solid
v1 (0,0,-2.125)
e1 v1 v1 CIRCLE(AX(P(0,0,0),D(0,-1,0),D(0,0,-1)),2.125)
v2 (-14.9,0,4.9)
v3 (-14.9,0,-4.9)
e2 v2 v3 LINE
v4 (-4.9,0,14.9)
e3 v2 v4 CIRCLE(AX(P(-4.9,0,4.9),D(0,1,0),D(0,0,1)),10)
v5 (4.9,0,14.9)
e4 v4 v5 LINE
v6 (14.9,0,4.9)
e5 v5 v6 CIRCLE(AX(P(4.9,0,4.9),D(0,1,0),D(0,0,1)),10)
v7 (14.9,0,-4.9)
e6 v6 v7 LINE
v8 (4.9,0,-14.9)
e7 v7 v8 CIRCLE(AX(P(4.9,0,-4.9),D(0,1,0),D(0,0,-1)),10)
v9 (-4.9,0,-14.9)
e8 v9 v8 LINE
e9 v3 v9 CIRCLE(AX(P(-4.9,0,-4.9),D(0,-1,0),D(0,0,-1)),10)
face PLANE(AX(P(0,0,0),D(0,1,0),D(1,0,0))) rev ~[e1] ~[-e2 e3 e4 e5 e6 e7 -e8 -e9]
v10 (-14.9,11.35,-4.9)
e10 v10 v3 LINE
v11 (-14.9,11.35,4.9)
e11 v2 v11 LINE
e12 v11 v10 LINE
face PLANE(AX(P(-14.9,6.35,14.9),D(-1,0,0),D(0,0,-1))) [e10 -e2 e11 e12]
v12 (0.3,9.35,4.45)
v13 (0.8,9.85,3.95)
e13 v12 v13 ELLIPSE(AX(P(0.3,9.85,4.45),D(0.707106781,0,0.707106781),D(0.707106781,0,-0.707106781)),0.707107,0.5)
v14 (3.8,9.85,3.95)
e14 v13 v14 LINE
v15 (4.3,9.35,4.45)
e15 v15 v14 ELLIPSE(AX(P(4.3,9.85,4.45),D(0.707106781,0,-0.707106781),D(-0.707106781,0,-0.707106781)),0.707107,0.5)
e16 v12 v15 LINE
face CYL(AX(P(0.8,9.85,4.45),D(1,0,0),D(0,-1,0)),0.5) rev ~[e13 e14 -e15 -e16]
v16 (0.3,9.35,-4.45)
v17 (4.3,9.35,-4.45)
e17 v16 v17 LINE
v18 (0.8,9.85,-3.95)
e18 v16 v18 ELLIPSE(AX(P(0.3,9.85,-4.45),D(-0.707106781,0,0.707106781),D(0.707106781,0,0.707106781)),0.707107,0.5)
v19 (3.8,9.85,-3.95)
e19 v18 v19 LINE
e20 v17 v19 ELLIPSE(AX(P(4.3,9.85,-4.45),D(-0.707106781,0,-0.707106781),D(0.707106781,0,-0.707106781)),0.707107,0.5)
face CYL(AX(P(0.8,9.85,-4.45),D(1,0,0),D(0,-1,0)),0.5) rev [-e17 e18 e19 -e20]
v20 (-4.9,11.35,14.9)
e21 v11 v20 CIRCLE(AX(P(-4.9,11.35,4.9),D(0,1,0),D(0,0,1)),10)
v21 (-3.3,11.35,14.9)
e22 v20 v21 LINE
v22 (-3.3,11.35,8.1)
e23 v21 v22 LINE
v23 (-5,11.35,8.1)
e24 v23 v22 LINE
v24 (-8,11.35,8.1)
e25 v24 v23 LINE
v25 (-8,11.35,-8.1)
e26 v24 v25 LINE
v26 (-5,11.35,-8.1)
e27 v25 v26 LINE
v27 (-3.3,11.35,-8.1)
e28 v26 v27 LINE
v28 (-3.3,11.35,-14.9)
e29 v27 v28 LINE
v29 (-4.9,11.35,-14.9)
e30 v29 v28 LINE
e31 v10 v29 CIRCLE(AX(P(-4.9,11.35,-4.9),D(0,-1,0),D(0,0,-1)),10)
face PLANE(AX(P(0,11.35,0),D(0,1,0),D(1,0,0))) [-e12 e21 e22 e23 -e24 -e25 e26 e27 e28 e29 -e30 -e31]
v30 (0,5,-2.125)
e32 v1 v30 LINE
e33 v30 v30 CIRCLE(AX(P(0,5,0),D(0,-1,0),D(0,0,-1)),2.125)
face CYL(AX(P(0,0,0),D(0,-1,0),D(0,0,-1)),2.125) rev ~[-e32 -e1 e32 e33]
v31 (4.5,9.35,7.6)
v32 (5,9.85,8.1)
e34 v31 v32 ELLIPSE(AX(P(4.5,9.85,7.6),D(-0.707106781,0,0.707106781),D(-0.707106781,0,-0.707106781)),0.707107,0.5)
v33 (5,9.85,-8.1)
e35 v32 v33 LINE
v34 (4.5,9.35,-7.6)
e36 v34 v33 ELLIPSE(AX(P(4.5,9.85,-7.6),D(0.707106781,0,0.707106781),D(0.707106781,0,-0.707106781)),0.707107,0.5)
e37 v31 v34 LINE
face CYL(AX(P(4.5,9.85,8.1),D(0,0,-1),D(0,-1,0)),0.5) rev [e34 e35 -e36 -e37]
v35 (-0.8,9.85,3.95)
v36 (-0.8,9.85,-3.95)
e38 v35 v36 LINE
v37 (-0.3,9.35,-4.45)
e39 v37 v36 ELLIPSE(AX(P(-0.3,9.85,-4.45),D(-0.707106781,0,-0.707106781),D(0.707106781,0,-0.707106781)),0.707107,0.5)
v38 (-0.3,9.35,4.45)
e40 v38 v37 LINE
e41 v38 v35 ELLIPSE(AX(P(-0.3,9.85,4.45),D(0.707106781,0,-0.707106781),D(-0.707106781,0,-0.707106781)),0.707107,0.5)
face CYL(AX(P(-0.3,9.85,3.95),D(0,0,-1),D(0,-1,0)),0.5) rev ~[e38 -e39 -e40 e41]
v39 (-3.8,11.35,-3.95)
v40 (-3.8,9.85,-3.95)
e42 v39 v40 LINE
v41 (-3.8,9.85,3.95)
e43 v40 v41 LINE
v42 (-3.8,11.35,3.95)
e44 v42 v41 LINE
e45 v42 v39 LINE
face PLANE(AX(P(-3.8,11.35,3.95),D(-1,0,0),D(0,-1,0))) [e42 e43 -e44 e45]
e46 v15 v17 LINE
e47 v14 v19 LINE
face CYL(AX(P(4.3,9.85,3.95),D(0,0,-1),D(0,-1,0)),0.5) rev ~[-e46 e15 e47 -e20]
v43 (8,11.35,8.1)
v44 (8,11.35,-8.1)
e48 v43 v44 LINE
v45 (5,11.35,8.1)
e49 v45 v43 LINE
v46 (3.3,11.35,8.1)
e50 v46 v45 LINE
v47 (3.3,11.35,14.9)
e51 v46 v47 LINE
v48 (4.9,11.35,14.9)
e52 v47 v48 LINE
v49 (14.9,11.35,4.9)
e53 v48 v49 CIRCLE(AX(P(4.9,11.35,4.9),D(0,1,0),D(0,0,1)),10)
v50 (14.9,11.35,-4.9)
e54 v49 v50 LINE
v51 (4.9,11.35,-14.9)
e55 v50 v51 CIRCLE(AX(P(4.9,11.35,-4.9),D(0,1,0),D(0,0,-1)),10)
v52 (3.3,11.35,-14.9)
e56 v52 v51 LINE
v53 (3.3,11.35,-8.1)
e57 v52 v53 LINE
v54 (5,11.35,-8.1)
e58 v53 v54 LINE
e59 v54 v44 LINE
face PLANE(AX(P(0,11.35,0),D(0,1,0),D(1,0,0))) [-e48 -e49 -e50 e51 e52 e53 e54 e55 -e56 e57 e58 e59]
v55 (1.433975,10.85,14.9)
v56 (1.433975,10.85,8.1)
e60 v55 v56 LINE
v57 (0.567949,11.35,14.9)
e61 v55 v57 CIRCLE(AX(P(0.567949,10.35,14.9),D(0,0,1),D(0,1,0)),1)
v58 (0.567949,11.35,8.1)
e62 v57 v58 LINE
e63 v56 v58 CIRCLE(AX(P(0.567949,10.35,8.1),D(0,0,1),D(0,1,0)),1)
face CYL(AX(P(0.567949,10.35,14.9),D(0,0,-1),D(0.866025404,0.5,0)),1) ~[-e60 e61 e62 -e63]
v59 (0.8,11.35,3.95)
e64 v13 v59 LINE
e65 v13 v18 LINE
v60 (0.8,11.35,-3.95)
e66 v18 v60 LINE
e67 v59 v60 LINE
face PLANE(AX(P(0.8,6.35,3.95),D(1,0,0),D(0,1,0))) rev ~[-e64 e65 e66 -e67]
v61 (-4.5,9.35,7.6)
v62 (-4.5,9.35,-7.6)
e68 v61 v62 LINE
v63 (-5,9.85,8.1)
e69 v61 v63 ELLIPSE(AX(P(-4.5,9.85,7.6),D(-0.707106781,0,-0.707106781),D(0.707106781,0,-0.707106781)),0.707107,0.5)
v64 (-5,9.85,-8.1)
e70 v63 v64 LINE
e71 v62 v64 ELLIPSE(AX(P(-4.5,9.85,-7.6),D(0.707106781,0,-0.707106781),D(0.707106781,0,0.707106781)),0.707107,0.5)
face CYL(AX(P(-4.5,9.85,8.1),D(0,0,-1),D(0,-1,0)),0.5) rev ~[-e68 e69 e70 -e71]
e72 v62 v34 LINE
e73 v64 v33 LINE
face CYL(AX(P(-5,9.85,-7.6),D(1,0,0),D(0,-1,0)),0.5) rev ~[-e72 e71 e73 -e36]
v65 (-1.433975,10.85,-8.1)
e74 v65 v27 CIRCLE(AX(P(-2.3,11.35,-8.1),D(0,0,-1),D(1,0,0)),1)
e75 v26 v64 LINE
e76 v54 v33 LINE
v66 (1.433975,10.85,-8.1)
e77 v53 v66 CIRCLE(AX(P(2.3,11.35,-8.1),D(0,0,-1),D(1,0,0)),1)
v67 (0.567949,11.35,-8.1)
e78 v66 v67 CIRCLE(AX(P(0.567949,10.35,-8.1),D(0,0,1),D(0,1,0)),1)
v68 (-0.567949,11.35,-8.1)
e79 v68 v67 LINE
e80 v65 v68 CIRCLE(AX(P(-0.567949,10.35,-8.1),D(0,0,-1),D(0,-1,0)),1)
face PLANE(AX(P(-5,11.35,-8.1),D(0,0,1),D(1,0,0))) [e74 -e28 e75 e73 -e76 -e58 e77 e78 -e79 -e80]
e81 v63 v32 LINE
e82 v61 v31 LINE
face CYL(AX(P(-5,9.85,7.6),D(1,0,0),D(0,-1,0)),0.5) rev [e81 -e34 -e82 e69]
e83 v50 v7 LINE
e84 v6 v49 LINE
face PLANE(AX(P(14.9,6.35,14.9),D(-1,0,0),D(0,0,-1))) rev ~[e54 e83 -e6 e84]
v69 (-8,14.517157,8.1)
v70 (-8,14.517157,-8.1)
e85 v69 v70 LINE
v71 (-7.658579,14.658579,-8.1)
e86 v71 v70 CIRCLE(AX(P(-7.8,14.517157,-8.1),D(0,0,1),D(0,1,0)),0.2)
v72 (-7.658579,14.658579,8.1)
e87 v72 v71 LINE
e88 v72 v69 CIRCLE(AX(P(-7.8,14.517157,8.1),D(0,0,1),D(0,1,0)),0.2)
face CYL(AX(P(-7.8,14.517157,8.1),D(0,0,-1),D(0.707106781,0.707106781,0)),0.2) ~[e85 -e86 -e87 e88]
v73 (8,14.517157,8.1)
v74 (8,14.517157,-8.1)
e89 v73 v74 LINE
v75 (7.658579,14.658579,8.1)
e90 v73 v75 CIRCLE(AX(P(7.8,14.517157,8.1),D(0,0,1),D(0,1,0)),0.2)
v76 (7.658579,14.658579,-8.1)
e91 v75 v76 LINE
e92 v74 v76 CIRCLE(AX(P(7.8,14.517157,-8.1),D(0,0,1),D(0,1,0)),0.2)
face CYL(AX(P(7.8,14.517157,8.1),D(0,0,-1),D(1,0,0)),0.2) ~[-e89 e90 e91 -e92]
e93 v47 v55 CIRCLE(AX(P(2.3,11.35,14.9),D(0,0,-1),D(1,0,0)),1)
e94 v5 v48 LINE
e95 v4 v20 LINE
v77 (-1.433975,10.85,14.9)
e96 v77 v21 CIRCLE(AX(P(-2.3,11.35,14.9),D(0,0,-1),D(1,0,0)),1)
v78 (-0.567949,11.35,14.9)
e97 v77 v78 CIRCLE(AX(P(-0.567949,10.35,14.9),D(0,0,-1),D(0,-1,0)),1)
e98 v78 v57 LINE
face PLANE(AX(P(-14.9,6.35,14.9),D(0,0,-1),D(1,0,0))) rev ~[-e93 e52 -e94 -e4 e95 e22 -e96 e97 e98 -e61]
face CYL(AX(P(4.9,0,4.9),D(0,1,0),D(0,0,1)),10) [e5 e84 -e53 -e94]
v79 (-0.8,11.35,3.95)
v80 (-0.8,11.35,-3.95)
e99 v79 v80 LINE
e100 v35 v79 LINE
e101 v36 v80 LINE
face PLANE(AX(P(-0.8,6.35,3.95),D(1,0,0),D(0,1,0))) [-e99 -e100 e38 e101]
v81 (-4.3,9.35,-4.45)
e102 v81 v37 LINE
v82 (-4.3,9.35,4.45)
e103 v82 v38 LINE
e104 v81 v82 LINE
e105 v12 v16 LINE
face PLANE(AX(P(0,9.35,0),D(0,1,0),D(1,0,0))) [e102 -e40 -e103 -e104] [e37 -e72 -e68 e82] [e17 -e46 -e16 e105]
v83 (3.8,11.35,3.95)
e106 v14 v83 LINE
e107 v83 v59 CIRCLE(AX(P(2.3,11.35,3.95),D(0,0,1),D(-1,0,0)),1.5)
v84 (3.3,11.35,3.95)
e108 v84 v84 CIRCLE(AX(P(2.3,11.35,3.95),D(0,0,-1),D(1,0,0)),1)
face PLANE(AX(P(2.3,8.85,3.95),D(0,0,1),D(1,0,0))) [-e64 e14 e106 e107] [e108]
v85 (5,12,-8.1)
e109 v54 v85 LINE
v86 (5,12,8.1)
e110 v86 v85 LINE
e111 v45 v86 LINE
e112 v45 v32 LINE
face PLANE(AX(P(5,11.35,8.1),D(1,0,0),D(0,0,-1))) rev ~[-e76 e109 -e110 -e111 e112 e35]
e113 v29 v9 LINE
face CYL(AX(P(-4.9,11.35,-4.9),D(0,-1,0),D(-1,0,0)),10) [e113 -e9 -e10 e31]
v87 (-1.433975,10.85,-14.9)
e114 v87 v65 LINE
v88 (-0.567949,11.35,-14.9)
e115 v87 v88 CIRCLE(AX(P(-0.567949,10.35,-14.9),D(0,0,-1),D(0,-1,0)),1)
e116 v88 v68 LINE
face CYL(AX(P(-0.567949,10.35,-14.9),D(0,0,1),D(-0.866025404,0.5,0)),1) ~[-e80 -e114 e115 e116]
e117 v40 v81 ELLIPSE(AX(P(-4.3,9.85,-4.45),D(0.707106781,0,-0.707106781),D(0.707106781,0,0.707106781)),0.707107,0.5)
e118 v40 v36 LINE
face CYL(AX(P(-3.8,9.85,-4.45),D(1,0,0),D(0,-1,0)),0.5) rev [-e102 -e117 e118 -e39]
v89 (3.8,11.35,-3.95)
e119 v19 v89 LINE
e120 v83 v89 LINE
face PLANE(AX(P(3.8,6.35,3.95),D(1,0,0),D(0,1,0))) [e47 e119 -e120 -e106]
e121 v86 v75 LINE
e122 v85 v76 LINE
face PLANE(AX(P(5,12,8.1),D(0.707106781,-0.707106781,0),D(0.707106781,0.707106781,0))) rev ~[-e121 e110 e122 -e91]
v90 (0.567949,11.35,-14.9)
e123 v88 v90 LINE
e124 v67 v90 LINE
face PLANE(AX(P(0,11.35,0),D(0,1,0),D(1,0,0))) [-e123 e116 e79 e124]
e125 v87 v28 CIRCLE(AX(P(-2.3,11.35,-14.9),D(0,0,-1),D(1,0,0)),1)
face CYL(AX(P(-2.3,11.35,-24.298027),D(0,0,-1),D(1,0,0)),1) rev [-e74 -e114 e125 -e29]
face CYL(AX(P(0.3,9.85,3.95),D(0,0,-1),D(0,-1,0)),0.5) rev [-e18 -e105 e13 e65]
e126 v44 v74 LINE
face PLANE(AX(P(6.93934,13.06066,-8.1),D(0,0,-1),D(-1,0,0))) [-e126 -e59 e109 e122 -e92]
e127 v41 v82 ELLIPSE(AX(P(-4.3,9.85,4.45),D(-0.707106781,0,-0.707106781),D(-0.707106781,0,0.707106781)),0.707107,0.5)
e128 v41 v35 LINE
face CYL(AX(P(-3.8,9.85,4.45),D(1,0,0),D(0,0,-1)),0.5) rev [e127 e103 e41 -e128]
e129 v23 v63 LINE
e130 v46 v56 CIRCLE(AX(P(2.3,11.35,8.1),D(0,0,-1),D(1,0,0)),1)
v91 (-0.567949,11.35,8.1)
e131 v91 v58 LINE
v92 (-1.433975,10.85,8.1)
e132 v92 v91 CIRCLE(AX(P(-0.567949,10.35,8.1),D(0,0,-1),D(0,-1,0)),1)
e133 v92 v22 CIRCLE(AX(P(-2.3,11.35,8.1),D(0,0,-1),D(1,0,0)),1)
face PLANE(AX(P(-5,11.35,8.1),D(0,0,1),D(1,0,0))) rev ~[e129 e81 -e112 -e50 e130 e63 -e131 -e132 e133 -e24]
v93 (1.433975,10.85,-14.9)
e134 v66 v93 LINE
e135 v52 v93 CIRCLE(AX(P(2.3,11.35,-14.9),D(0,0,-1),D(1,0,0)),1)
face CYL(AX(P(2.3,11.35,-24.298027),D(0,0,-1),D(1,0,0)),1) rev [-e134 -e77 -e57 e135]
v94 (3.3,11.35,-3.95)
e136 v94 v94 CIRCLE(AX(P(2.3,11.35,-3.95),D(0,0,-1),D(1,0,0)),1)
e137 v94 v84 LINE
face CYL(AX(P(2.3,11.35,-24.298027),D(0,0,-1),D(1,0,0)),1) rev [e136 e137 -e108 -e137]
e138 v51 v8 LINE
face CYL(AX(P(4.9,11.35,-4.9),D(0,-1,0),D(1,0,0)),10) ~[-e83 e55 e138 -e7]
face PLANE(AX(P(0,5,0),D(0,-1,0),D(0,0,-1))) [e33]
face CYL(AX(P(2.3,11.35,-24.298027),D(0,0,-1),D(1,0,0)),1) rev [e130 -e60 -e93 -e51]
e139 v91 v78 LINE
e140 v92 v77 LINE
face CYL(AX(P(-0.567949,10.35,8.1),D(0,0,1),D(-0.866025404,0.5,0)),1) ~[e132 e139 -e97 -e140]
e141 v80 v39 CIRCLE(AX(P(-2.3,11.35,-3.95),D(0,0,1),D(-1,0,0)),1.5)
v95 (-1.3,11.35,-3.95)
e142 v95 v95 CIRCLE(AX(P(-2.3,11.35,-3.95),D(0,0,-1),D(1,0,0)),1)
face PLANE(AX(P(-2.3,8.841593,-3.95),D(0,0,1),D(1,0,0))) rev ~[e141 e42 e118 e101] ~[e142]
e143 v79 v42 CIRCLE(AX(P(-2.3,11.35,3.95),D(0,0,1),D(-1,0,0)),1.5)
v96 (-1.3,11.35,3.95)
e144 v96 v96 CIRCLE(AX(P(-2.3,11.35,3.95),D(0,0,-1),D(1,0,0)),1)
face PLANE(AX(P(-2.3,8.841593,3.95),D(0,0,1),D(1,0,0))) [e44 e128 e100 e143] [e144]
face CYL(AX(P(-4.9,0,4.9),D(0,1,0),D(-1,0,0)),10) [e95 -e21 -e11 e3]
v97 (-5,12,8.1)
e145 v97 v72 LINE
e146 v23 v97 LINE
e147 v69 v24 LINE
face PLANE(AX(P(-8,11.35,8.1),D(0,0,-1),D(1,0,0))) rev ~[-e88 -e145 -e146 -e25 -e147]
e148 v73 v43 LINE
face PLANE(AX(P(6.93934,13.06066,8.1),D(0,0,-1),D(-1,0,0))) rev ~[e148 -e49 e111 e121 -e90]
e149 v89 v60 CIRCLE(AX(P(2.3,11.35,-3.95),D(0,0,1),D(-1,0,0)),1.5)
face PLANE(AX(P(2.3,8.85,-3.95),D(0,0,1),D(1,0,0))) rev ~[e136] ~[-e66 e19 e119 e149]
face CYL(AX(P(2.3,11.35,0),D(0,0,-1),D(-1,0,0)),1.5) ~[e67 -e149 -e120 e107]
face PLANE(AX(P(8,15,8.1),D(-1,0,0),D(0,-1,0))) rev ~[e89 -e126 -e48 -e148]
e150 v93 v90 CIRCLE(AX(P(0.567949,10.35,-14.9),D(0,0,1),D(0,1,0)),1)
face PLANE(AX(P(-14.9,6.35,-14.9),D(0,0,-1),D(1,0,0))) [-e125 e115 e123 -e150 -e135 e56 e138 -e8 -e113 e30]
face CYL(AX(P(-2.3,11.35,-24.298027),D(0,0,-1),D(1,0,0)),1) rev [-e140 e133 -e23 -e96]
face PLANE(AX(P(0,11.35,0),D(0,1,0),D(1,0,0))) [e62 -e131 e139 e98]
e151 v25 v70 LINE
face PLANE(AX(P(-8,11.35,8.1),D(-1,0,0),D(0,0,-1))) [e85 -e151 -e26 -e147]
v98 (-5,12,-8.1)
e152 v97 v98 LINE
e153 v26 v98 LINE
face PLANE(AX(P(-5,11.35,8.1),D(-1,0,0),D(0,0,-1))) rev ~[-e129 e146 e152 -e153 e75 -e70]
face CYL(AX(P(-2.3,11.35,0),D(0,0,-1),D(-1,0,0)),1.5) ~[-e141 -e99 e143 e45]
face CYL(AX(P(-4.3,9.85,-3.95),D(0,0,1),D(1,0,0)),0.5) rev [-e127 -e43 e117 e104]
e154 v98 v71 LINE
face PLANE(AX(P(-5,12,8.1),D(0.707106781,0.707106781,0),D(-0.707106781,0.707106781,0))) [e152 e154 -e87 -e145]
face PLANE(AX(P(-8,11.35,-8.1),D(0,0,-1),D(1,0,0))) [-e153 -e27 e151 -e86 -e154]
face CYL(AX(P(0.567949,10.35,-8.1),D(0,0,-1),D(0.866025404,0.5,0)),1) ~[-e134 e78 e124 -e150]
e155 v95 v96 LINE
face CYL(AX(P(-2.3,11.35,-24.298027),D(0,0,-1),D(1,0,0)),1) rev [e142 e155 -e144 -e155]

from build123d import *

# Parameters (mm, degrees)
SKETCH2_W               = 29.8
SKETCH2_H               = 29.8
BOSS_EXTRUDE1_DEPTH     = 6.35
SKETCH3_W               = 29.8
SKETCH3_H               = 29.8
BOSS_EXTRUDE2_DEPTH     = 5
FILLET1_R               = 10
SKETCH5_W               = 10
SKETCH5_H               = 16.2
CUT_EXTRUDE1_DEPTH      = 2
SKETCH4_W               = 1.5
SKETCH4_H               = 7.9
SKETCH4_4_W             = 1.5
SKETCH4_4_H             = 7.9
SKETCH6_W               = 3
SKETCH6_H               = 5
BOSS_EXTRUDE3_DEPTH     = 7.9
FILLET3_R               = 0.5
CUT_EXTRUDE2_DEPTH      = 28.248027452
CUT_EXTRUDE2_DEPTH_BACK = 28.248027452
SKETCH7_R               = 1
SKETCH8_R               = 2.125
CUT_EXTRUDE3_DEPTH      = 5
SKETCH9_W               = 3
SKETCH9_H               = 16.2
BOSS_EXTRUDE4_DEPTH     = 0.65
BOSS_EXTRUDE5_DEPTH     = 16.2
FILLET4_R               = 0.2
FILLET5_R               = 1


with BuildPart() as part:
    # Sketch2 → Boss-Extrude1 (new body)
    with BuildSketch(Plane(origin=(0, 0, 0), x_dir=(1, 0, 0), z_dir=(0, 1, 0))):
        Rectangle(SKETCH2_W, SKETCH2_H)
    extrude(amount=BOSS_EXTRUDE1_DEPTH)

    # Sketch3 → Boss-Extrude2 (add)
    with BuildSketch(Plane(origin=(0, 6.35, 0), x_dir=(1, 0, 0), z_dir=(0, 1, 0))):
        Rectangle(SKETCH3_W, SKETCH3_H)
    extrude(amount=BOSS_EXTRUDE2_DEPTH)

    # Fillet1
    fillet1_edges = [part.edges().sort_by_distance(p)[0] for p in [
        (-14.9, 5.675, -14.9),
        (14.9, 5.675, -14.9),
        (14.9, 5.675, 14.9),
        (-14.9, 5.675, 14.9),
    ]]
    fillet(fillet1_edges, radius=FILLET1_R)

    # Sketch5 → Cut-Extrude1 (cut)
    with BuildSketch(Plane(origin=(0, 11.35, 0), x_dir=(1, 0, 0), z_dir=(0, 1, 0))):
        Rectangle(SKETCH5_W, SKETCH5_H)
    extrude(amount=-CUT_EXTRUDE1_DEPTH, mode=Mode.SUBTRACT)



with BuildPart() as body_2:
    # Sketch4 → Revolve1 (revolve)
    with BuildSketch(Plane(origin=(0, 11.35, 0), x_dir=(1, 0, 0), z_dir=(0, 1, 0))):
        with Locations((-3.05, 0)):
            Rectangle(SKETCH4_W, SKETCH4_H)
    revolve(axis=Axis((-2.3, 11.35, -3.95), (0, 0, 1)))


with BuildPart() as body_3:
    # Sketch4<4> → Revolve2 (revolve)
    with BuildSketch(Plane(origin=(0, 11.35, 0), x_dir=(1, 0, 0), z_dir=(0, 1, 0)), mode=Mode.PRIVATE) as revolve2_sk:
        with Locations((3.05, 0)):
            Rectangle(SKETCH4_4_W, SKETCH4_4_H)
    revolve(revolve2_sk.sketch.rotate(Axis((2.3, 11.35, -3.95), (0, 0, 1)), 180), axis=Axis((2.3, 11.35, -3.95), (0, 0, 1)))


with BuildPart() as part_1:
    add(part.part)

    add(body_2.part)  # Boss-Extrude3 merges body 2

    add(body_3.part)  # Boss-Extrude3 merges body 3
    # Sketch6 → Boss-Extrude3 (add)
    with BuildSketch(Plane.XY.offset(3.95)):
        with BuildLine():
            ThreePointArc((-0.8, 11.35), (-2.3, 9.85), (-3.8, 11.35))
            Line((-3.8, 11.35), (-3.8, 6.35))
            Line((-3.8, 6.35), (-0.8, 6.35))
            Line((-0.8, 6.35), (-0.8, 11.35))
        make_face()
        with Locations((2.3, 8.85)):
            Rectangle(SKETCH6_W, SKETCH6_H)
        with BuildLine():
            ThreePointArc((-0.8, 11.35), (-2.3, 12.85), (-3.8, 11.35))
            Line((-3.8, 11.35), (-0.8, 11.35))
        make_face()
        with BuildLine():
            Line((-0.8, 11.35), (-3.8, 11.35))
            ThreePointArc((-3.8, 11.35), (-2.3, 9.85), (-0.8, 11.35))
        make_face()
    extrude(amount=-BOSS_EXTRUDE3_DEPTH)

    # Fillet3
    fillet3_edges = [part_1.edges().sort_by_distance(p)[0] for p in [
        (-0.8, 9.35, 0),
        (-3.8, 9.35, 0),
        (-2.3, 9.35, 3.95),
        (-2.3, 9.35, -3.95),
        (5, 9.35, 0),
        (0, 9.35, -8.1),
        (-5, 9.35, 0),
        (0, 9.35, 8.1),
        (2.3, 9.35, -3.95),
        (0.8, 9.35, 0),
        (3.8, 9.35, 0),
        (2.3, 9.35, 3.95),
    ]]
    fillet(fillet3_edges, radius=FILLET3_R)

    # Sketch7 → Cut-Extrude2 (cut, two sides: drawn at the far end of the back side and taken through both)
    with BuildSketch(Plane.XY.offset(3.95).offset(-CUT_EXTRUDE2_DEPTH_BACK)):
        with Locations((2.3, 11.35)):
            Circle(SKETCH7_R)
        with Locations((-2.3, 11.35)):
            Circle(SKETCH7_R)
    extrude(amount=CUT_EXTRUDE2_DEPTH + CUT_EXTRUDE2_DEPTH_BACK, mode=Mode.SUBTRACT)

    # Sketch8 → Cut-Extrude3 (cut)
    with BuildSketch(Plane.XZ):
        with Locations(Location((0, 0, 0), (0, 0, 270))):
            Circle(SKETCH8_R)
    extrude(amount=-CUT_EXTRUDE3_DEPTH, mode=Mode.SUBTRACT)

    # Sketch9 → Boss-Extrude4 (add)
    with BuildSketch(Plane(origin=(0, 11.35, 0), x_dir=(1, 0, 0), z_dir=(0, 1, 0))):
        with Locations((-6.5, 0)):
            Rectangle(SKETCH9_W, SKETCH9_H)
        with Locations((6.5, 0)):
            Rectangle(SKETCH9_W, SKETCH9_H)
    extrude(amount=BOSS_EXTRUDE4_DEPTH)

    # Sketch10 → Boss-Extrude5 (add)
    with BuildSketch(Plane.XY.offset(8.1)):
        Polygon((8, 15), (8, 12), (5, 12), align=None)
        Polygon((-5, 12), (-8, 15), (-8, 12), align=None)
    extrude(amount=-BOSS_EXTRUDE5_DEPTH)

    # Fillet4
    fillet4_edges = [part_1.edges().sort_by_distance(p)[0] for p in [
        (8, 15, 0),
        (-8, 15, 0),
    ]]
    fillet(fillet4_edges, radius=FILLET4_R)

    # Fillet5
    fillet5_edges = [part_1.edges().sort_by_distance(p)[0] for p in [
        (1.3, 11.35, 11.5),
        (1.3, 11.35, -11.5),
        (-1.3, 11.35, 11.5),
        (-1.3, 11.35, -11.5),
    ]]
    fillet(fillet5_edges, radius=FILLET5_R)


solid = part_1.part
